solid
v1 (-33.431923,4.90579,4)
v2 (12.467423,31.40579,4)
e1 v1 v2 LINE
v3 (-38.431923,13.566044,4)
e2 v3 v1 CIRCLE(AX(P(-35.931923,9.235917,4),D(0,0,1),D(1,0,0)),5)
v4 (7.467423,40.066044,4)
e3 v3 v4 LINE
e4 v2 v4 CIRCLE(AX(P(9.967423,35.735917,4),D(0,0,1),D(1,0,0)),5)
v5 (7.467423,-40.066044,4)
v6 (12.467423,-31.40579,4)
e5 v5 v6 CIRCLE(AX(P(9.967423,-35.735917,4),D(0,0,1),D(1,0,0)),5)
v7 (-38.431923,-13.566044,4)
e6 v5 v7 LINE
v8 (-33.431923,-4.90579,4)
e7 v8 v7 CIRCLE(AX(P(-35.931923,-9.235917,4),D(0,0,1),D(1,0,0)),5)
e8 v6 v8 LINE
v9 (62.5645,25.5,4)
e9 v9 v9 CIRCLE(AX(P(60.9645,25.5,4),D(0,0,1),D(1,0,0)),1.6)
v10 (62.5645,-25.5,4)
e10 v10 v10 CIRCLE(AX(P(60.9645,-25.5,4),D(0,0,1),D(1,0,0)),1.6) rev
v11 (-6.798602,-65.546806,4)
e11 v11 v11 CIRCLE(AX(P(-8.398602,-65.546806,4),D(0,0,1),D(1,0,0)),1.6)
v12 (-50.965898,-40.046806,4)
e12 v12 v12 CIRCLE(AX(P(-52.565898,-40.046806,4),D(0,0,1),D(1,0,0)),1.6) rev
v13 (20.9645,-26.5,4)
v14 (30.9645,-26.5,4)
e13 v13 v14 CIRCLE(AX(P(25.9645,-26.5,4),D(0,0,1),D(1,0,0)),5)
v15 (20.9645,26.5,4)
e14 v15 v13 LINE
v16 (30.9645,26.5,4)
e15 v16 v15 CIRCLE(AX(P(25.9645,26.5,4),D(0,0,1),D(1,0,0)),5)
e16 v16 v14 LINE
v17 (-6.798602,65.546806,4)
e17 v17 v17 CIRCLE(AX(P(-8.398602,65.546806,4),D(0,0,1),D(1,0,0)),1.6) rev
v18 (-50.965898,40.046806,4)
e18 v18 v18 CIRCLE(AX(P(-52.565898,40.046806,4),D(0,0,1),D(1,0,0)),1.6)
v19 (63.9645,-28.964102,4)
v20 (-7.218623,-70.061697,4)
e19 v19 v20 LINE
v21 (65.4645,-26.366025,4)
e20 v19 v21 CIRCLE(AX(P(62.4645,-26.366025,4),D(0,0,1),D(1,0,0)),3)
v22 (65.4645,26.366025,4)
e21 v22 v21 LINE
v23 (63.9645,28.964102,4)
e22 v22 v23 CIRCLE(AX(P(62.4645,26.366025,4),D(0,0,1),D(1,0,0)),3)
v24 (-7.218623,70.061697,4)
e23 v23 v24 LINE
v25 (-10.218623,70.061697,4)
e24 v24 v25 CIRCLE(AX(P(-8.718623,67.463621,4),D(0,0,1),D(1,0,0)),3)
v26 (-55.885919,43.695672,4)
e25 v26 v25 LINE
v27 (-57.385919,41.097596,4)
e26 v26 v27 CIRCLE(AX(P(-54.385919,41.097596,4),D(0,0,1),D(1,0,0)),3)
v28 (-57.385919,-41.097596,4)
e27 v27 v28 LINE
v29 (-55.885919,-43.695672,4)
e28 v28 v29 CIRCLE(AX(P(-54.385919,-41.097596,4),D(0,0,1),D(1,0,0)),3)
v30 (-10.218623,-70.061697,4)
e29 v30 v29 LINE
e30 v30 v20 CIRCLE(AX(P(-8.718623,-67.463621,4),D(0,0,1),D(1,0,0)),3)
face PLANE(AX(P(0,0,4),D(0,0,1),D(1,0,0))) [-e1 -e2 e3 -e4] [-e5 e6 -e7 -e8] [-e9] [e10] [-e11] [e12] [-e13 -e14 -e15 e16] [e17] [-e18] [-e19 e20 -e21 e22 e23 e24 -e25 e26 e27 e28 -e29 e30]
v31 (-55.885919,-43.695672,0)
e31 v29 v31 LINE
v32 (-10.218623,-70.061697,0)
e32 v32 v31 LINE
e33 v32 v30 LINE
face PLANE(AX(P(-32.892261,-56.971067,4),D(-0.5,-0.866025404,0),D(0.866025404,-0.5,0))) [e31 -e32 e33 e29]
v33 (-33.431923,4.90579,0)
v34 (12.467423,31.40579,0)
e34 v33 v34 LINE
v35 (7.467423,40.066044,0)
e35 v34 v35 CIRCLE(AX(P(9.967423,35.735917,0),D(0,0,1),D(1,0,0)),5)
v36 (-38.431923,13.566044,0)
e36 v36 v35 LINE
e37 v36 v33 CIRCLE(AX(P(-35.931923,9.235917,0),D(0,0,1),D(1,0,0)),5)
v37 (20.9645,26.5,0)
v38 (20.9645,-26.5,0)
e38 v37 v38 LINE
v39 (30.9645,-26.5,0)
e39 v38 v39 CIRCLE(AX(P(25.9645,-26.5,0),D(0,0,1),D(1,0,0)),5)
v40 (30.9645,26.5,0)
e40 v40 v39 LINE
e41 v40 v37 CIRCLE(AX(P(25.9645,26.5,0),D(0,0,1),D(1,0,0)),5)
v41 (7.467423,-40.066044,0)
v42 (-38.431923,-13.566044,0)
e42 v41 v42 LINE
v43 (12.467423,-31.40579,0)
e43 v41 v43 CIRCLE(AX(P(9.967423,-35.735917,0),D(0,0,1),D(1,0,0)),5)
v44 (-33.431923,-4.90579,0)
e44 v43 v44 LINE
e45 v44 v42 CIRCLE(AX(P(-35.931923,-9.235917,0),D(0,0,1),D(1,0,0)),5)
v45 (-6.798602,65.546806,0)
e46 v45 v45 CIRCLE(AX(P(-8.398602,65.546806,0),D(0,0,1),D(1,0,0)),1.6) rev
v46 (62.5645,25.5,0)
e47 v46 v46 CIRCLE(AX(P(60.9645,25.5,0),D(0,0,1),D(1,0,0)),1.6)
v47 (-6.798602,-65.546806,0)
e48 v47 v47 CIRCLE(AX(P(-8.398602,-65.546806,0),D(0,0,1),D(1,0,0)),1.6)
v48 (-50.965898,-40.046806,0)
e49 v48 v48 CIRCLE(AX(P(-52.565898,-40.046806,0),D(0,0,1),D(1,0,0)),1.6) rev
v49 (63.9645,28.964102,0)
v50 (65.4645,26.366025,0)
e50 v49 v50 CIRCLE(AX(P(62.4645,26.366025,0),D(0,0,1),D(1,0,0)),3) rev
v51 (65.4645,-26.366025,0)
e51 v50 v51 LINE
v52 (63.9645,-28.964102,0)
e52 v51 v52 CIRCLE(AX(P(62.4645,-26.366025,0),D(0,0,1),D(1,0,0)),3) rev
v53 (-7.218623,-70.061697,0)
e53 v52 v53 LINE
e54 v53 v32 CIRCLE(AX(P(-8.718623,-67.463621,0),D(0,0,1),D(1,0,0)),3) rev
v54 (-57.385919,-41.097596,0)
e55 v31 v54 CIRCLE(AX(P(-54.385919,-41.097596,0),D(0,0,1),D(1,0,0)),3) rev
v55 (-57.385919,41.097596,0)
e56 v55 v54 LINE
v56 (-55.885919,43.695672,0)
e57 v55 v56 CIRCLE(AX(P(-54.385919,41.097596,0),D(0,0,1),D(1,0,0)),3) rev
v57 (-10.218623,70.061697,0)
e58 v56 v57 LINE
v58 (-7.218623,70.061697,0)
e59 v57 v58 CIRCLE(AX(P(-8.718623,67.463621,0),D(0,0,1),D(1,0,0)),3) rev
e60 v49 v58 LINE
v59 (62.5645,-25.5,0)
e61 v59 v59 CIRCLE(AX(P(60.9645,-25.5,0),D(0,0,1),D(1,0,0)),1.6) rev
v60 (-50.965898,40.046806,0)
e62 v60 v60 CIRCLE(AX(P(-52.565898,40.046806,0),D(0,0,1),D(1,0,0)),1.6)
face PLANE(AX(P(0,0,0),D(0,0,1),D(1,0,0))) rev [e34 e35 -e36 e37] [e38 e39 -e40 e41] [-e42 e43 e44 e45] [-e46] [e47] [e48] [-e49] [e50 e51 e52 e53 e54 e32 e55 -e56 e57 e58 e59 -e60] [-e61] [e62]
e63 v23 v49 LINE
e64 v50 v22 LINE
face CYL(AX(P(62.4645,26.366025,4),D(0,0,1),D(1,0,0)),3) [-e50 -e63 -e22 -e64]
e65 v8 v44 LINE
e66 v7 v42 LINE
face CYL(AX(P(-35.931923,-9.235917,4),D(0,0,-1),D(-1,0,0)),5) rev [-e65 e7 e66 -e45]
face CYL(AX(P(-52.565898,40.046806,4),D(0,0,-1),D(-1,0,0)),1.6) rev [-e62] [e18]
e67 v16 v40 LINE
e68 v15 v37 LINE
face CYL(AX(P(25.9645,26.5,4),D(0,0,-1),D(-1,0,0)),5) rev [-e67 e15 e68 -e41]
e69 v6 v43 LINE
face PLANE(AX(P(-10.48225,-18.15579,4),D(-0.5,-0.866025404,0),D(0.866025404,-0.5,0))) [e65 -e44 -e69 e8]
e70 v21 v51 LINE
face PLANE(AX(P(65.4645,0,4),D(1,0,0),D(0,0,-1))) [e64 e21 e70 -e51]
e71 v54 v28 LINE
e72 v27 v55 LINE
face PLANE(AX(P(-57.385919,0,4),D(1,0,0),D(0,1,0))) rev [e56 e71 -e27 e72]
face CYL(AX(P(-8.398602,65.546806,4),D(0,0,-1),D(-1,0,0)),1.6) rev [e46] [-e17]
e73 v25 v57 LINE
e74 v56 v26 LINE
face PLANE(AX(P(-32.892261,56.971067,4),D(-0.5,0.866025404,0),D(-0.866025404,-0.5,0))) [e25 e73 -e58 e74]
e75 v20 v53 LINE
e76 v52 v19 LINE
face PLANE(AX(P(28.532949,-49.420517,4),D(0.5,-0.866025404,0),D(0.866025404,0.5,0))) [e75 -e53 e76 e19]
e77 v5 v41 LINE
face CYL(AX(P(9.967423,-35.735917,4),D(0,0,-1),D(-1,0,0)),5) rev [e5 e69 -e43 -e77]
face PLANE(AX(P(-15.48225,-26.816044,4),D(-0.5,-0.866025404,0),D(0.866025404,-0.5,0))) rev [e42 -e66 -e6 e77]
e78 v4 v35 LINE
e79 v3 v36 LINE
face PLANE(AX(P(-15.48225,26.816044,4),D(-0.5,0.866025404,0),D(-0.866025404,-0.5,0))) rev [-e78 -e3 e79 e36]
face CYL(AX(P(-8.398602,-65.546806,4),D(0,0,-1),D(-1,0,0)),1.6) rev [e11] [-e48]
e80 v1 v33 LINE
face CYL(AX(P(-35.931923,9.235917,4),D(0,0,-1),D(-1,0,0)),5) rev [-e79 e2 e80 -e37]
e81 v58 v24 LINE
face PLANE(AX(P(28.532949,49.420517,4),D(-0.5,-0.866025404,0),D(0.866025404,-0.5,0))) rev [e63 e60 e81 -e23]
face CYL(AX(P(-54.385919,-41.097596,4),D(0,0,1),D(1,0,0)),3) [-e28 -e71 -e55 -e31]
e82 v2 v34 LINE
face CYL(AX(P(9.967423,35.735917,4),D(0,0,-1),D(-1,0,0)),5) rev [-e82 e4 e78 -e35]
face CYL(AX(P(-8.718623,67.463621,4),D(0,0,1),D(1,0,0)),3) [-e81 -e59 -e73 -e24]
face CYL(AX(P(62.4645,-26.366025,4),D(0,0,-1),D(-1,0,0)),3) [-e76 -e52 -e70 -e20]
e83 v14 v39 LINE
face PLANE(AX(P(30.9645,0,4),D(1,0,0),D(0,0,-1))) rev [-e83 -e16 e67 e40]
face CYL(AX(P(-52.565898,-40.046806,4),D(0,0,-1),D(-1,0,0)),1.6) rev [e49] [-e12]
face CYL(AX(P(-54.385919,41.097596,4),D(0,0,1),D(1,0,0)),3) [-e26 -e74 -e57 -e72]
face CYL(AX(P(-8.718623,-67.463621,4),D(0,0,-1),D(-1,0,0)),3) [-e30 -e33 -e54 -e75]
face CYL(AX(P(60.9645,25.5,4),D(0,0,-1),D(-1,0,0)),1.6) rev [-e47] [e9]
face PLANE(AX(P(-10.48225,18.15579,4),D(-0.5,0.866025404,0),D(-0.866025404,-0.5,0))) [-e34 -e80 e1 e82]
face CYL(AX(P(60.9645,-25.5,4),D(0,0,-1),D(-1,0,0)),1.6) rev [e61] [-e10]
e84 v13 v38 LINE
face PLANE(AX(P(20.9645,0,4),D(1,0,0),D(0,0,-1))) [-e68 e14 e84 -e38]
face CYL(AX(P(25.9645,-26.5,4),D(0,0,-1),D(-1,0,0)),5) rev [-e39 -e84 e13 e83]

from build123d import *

# Parameters (mm, degrees)
SKETCH_1_R      = 1.6
EXTRUDE_1_DEPTH = 4
FILLET_1_R      = 3


with BuildPart() as part:
    # 草图1 → 凸台-拉伸1 (new body)
    with BuildSketch(Plane.XY):
        Polygon((65.464500341, 28.098076211), (65.464500341, -28.098076211), (-8.718623412, -70.927722679), (-57.385919005, -42.829646468), (-57.385919005, 42.829646468), (-8.718623412, 70.927722679), align=None)
        with Locations((60.964500341, 25.5)):
            Circle(SKETCH_1_R, mode=Mode.SUBTRACT)
        with Locations((60.964500341, -25.5)):
            Circle(SKETCH_1_R, mode=Mode.SUBTRACT)
        with Locations((-8.398602374, -65.546806024)):
            Circle(SKETCH_1_R, mode=Mode.SUBTRACT)
        with Locations((-52.565897967, -40.046806024)):
            Circle(SKETCH_1_R, mode=Mode.SUBTRACT)
        with Locations((-52.565897967, 40.046806024)):
            Circle(SKETCH_1_R, mode=Mode.SUBTRACT)
        with Locations((-8.398602374, 65.546806024)):
            Circle(SKETCH_1_R, mode=Mode.SUBTRACT)
        with BuildLine():
            Line((30.964500341, 26.5), (30.964500341, -26.5))
            ThreePointArc((30.964500341, -26.5), (25.964500341, -31.5), (20.964500341, -26.5))
            Line((20.964500341, -26.5), (20.964500341, 26.5))
            ThreePointArc((20.964500341, 26.5), (25.964500341, 31.5), (30.964500341, 26.5))
        make_face(mode=Mode.SUBTRACT)
        with BuildLine():
            Line((7.46742303, -40.06604391), (-38.431923371, -13.56604391))
            ThreePointArc((-38.431923371, -13.56604391), (-40.26205039, -6.735916892), (-33.431923371, -4.905789873))
            Line((-33.431923371, -4.905789873), (12.46742303, -31.405789873))
            ThreePointArc((12.46742303, -31.405789873), (14.297550049, -38.235916892), (7.46742303, -40.06604391))
        make_face(mode=Mode.SUBTRACT)
        with BuildLine():
            Line((-38.431923371, 13.56604391), (7.46742303, 40.06604391))
            ThreePointArc((7.46742303, 40.06604391), (14.297550049, 38.235916892), (12.46742303, 31.405789873))
            Line((12.46742303, 31.405789873), (-33.431923371, 4.905789873))
            ThreePointArc((-33.431923371, 4.905789873), (-40.26205039, 6.735916892), (-38.431923371, 13.56604391))
        make_face(mode=Mode.SUBTRACT)
    extrude(amount=EXTRUDE_1_DEPTH)

    # 圆角1
    fillet_1_edges = [part.edges().sort_by_distance(p)[0] for p in [
        (-57.385919005, 42.829646468, 2),
        (-8.718623412, 70.927722679, 2),
        (65.464500341, 28.098076211, 2),
        (65.464500341, -28.098076211, 2),
        (-8.718623412, -70.927722679, 2),
        (-57.385919005, -42.829646468, 2),
    ]]
    fillet(fillet_1_edges, radius=FILLET_1_R)


solid = part.part
